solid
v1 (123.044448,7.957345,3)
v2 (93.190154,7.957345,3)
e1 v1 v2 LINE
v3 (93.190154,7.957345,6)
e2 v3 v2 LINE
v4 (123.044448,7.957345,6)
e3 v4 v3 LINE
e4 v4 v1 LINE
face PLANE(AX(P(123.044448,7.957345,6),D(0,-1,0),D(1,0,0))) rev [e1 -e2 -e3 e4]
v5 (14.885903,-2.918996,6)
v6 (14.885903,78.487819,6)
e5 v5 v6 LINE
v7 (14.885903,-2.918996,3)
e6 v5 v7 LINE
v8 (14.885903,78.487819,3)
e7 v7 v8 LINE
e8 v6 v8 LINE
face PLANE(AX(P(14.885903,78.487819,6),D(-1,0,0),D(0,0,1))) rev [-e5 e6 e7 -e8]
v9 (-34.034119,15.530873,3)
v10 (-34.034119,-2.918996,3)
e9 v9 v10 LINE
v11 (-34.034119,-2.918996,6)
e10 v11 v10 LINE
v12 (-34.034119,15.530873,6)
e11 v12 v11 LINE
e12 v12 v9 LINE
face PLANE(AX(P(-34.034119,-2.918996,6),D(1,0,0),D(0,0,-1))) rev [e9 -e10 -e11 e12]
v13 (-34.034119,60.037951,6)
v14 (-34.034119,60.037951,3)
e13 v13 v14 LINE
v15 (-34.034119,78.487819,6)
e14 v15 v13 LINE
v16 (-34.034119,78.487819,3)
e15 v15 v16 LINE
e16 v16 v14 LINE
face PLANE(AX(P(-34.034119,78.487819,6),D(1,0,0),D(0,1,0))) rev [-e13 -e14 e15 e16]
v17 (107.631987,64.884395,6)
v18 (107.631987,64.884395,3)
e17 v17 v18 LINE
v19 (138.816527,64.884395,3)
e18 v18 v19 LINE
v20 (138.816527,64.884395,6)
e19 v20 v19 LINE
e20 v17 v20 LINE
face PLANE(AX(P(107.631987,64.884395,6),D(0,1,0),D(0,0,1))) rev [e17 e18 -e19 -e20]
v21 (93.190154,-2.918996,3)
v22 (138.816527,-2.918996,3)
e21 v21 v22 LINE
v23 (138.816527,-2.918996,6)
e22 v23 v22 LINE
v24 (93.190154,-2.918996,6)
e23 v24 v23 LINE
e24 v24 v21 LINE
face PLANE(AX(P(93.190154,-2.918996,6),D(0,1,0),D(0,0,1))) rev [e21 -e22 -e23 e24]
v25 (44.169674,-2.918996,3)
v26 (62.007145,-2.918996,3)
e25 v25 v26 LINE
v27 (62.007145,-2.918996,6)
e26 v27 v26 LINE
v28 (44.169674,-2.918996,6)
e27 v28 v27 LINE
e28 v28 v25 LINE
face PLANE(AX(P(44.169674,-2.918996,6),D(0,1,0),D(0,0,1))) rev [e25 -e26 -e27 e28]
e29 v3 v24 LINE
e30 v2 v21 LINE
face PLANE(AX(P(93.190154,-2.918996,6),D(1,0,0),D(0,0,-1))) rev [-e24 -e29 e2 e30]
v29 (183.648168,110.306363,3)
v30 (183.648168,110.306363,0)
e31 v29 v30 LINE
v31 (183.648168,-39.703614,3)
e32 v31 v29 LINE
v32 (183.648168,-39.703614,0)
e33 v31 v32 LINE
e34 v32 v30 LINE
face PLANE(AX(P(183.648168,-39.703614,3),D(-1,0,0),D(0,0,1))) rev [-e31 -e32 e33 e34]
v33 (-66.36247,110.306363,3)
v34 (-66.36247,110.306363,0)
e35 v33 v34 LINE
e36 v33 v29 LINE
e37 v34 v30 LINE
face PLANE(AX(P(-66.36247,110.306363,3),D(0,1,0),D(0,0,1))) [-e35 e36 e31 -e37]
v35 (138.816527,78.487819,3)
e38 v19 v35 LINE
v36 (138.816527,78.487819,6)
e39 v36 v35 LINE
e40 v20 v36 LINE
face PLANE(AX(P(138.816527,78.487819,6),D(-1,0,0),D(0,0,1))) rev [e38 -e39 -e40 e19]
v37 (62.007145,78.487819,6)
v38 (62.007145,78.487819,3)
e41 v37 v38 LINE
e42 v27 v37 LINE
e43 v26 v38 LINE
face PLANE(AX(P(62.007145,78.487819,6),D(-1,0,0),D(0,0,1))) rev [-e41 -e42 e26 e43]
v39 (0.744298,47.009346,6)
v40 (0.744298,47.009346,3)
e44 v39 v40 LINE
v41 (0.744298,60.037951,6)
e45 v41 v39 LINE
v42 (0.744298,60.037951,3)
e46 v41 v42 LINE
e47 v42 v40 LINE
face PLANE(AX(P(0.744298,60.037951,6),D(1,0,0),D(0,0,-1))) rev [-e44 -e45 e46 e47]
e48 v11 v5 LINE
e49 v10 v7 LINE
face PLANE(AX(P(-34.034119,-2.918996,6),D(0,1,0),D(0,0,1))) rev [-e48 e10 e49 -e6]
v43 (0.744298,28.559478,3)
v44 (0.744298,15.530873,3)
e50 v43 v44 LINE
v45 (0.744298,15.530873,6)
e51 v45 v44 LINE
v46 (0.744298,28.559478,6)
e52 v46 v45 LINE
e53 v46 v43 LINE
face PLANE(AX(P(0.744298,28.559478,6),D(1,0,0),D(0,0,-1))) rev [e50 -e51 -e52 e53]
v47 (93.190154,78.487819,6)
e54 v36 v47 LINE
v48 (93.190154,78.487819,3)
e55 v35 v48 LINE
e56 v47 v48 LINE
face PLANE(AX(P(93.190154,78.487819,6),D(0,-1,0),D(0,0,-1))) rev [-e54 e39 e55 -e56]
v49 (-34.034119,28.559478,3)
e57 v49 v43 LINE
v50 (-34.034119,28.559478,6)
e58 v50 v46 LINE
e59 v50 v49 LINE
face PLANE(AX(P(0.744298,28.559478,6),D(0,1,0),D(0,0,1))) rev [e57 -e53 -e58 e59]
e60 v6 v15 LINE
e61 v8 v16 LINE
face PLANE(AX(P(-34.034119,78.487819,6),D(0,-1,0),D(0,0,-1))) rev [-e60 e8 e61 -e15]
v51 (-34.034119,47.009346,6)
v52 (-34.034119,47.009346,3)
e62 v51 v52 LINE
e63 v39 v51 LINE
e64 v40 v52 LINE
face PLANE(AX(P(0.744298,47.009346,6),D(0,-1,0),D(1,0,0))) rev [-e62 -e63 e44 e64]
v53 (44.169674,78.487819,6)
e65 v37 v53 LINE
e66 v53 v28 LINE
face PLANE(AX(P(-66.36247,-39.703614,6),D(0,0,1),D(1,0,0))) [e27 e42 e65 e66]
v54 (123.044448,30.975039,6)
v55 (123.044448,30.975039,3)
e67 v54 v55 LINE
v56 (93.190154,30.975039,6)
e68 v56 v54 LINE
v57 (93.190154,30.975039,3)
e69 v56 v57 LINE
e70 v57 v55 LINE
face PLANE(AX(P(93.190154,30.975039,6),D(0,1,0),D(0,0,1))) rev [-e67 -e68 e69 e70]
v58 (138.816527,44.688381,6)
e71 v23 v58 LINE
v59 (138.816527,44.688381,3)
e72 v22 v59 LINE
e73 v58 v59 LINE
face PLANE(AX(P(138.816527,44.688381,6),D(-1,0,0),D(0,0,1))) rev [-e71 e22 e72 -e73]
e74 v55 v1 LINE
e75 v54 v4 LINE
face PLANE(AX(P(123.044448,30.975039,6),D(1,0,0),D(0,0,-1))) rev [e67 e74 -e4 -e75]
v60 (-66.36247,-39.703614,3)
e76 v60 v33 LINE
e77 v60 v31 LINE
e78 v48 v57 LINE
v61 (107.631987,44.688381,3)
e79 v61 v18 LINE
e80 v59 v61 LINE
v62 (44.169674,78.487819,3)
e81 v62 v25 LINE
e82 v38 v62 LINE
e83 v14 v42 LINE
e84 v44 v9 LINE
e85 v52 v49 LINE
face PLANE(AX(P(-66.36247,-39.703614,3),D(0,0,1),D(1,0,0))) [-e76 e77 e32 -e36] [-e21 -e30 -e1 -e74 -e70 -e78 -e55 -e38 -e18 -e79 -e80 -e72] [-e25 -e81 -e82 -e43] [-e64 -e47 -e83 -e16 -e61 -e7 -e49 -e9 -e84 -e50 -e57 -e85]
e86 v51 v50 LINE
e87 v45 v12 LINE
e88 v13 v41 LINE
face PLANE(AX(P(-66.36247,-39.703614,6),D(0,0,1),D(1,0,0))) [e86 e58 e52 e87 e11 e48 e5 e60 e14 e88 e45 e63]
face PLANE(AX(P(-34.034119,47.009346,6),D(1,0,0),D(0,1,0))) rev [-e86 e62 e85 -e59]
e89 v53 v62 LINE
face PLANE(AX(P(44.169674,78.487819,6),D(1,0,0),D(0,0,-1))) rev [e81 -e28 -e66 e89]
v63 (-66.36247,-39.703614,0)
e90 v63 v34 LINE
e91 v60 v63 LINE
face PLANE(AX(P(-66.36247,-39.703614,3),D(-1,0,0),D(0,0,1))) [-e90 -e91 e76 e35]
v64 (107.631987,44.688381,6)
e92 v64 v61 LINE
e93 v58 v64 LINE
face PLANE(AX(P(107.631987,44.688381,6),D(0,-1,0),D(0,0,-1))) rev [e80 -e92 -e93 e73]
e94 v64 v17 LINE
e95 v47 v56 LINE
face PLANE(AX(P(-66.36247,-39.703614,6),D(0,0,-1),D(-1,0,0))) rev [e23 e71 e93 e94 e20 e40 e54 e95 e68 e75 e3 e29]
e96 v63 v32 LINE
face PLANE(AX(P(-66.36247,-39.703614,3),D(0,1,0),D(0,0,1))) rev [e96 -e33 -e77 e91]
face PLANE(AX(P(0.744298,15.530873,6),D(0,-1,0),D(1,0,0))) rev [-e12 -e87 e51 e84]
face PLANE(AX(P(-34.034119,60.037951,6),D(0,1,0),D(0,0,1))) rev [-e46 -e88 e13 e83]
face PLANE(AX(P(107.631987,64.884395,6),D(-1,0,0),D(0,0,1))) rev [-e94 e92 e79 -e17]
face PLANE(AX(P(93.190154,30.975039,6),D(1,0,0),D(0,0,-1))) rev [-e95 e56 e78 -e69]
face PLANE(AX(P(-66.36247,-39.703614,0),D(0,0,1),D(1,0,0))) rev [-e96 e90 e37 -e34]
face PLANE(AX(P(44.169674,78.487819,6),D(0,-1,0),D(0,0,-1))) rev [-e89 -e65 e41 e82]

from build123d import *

# Parameters (mm, degrees)
SKETCH_1_W      = 115.514915432
SKETCH_1_H      = 71.054725524
EXTRUDE_1_DEPTH = 3
SKETCH_2_W      = 8.241625139
SKETCH_2_H      = 38.559694421
EXTRUDE_2_DEPTH = 3
SCALE_1_SCALE_X = 2.164314778
SCALE_1_SCALE_Y = 2.111189303
SCALE_1_SCALE_Z = 1


with BuildPart() as part:
    # 草图1 → 凸台-拉伸1 (new body)
    with BuildSketch(Plane.XY):
        with Locations((57.757457716, 35.527362762)):
            Rectangle(SKETCH_1_W, SKETCH_1_H)
    extrude(amount=EXTRUDE_1_DEPTH)

    # 草图2 → 凸台-拉伸2 (add)
    with BuildSketch(Plane.XY.offset(3)):
        Polygon((14.936991477, 55.983341955), (37.539998531, 55.983341955), (37.539998531, 17.423647534), (14.936991477, 17.423647534), (14.936991477, 26.16273518), (31.006011192, 26.16273518), (31.006011192, 32.333950921), (14.936991477, 32.333950921), (14.936991477, 41.073038567), (31.006011192, 41.073038567), (31.006011192, 47.244254309), (14.936991477, 47.244254309), align=None)
        Polygon((73.719694368, 17.423647534), (94.800903935, 17.423647534), (94.800903935, 39.973675083), (80.392398912, 39.973675083), (80.392398912, 49.539853279), (94.800903935, 49.539853279), (94.800903935, 55.983341955), (73.719694368, 55.983341955), (73.719694368, 33.478121987), (87.513572233, 33.478121987), (87.513572233, 22.575407484), (73.719694368, 22.575407484), align=None)
        with Locations((55.191084261, 36.703494744)):
            Rectangle(SKETCH_2_W, SKETCH_2_H)
    extrude(amount=EXTRUDE_2_DEPTH)


with BuildPart() as part_1:
    # 缩放比例1: scaled about (56.997017768, 35.730737943, 1.967633453)
    add(part.part.scale((SCALE_1_SCALE_X, SCALE_1_SCALE_Y, SCALE_1_SCALE_Z), about=(56.997017768, 35.730737943, 1.967633453)))


solid = part_1.part
